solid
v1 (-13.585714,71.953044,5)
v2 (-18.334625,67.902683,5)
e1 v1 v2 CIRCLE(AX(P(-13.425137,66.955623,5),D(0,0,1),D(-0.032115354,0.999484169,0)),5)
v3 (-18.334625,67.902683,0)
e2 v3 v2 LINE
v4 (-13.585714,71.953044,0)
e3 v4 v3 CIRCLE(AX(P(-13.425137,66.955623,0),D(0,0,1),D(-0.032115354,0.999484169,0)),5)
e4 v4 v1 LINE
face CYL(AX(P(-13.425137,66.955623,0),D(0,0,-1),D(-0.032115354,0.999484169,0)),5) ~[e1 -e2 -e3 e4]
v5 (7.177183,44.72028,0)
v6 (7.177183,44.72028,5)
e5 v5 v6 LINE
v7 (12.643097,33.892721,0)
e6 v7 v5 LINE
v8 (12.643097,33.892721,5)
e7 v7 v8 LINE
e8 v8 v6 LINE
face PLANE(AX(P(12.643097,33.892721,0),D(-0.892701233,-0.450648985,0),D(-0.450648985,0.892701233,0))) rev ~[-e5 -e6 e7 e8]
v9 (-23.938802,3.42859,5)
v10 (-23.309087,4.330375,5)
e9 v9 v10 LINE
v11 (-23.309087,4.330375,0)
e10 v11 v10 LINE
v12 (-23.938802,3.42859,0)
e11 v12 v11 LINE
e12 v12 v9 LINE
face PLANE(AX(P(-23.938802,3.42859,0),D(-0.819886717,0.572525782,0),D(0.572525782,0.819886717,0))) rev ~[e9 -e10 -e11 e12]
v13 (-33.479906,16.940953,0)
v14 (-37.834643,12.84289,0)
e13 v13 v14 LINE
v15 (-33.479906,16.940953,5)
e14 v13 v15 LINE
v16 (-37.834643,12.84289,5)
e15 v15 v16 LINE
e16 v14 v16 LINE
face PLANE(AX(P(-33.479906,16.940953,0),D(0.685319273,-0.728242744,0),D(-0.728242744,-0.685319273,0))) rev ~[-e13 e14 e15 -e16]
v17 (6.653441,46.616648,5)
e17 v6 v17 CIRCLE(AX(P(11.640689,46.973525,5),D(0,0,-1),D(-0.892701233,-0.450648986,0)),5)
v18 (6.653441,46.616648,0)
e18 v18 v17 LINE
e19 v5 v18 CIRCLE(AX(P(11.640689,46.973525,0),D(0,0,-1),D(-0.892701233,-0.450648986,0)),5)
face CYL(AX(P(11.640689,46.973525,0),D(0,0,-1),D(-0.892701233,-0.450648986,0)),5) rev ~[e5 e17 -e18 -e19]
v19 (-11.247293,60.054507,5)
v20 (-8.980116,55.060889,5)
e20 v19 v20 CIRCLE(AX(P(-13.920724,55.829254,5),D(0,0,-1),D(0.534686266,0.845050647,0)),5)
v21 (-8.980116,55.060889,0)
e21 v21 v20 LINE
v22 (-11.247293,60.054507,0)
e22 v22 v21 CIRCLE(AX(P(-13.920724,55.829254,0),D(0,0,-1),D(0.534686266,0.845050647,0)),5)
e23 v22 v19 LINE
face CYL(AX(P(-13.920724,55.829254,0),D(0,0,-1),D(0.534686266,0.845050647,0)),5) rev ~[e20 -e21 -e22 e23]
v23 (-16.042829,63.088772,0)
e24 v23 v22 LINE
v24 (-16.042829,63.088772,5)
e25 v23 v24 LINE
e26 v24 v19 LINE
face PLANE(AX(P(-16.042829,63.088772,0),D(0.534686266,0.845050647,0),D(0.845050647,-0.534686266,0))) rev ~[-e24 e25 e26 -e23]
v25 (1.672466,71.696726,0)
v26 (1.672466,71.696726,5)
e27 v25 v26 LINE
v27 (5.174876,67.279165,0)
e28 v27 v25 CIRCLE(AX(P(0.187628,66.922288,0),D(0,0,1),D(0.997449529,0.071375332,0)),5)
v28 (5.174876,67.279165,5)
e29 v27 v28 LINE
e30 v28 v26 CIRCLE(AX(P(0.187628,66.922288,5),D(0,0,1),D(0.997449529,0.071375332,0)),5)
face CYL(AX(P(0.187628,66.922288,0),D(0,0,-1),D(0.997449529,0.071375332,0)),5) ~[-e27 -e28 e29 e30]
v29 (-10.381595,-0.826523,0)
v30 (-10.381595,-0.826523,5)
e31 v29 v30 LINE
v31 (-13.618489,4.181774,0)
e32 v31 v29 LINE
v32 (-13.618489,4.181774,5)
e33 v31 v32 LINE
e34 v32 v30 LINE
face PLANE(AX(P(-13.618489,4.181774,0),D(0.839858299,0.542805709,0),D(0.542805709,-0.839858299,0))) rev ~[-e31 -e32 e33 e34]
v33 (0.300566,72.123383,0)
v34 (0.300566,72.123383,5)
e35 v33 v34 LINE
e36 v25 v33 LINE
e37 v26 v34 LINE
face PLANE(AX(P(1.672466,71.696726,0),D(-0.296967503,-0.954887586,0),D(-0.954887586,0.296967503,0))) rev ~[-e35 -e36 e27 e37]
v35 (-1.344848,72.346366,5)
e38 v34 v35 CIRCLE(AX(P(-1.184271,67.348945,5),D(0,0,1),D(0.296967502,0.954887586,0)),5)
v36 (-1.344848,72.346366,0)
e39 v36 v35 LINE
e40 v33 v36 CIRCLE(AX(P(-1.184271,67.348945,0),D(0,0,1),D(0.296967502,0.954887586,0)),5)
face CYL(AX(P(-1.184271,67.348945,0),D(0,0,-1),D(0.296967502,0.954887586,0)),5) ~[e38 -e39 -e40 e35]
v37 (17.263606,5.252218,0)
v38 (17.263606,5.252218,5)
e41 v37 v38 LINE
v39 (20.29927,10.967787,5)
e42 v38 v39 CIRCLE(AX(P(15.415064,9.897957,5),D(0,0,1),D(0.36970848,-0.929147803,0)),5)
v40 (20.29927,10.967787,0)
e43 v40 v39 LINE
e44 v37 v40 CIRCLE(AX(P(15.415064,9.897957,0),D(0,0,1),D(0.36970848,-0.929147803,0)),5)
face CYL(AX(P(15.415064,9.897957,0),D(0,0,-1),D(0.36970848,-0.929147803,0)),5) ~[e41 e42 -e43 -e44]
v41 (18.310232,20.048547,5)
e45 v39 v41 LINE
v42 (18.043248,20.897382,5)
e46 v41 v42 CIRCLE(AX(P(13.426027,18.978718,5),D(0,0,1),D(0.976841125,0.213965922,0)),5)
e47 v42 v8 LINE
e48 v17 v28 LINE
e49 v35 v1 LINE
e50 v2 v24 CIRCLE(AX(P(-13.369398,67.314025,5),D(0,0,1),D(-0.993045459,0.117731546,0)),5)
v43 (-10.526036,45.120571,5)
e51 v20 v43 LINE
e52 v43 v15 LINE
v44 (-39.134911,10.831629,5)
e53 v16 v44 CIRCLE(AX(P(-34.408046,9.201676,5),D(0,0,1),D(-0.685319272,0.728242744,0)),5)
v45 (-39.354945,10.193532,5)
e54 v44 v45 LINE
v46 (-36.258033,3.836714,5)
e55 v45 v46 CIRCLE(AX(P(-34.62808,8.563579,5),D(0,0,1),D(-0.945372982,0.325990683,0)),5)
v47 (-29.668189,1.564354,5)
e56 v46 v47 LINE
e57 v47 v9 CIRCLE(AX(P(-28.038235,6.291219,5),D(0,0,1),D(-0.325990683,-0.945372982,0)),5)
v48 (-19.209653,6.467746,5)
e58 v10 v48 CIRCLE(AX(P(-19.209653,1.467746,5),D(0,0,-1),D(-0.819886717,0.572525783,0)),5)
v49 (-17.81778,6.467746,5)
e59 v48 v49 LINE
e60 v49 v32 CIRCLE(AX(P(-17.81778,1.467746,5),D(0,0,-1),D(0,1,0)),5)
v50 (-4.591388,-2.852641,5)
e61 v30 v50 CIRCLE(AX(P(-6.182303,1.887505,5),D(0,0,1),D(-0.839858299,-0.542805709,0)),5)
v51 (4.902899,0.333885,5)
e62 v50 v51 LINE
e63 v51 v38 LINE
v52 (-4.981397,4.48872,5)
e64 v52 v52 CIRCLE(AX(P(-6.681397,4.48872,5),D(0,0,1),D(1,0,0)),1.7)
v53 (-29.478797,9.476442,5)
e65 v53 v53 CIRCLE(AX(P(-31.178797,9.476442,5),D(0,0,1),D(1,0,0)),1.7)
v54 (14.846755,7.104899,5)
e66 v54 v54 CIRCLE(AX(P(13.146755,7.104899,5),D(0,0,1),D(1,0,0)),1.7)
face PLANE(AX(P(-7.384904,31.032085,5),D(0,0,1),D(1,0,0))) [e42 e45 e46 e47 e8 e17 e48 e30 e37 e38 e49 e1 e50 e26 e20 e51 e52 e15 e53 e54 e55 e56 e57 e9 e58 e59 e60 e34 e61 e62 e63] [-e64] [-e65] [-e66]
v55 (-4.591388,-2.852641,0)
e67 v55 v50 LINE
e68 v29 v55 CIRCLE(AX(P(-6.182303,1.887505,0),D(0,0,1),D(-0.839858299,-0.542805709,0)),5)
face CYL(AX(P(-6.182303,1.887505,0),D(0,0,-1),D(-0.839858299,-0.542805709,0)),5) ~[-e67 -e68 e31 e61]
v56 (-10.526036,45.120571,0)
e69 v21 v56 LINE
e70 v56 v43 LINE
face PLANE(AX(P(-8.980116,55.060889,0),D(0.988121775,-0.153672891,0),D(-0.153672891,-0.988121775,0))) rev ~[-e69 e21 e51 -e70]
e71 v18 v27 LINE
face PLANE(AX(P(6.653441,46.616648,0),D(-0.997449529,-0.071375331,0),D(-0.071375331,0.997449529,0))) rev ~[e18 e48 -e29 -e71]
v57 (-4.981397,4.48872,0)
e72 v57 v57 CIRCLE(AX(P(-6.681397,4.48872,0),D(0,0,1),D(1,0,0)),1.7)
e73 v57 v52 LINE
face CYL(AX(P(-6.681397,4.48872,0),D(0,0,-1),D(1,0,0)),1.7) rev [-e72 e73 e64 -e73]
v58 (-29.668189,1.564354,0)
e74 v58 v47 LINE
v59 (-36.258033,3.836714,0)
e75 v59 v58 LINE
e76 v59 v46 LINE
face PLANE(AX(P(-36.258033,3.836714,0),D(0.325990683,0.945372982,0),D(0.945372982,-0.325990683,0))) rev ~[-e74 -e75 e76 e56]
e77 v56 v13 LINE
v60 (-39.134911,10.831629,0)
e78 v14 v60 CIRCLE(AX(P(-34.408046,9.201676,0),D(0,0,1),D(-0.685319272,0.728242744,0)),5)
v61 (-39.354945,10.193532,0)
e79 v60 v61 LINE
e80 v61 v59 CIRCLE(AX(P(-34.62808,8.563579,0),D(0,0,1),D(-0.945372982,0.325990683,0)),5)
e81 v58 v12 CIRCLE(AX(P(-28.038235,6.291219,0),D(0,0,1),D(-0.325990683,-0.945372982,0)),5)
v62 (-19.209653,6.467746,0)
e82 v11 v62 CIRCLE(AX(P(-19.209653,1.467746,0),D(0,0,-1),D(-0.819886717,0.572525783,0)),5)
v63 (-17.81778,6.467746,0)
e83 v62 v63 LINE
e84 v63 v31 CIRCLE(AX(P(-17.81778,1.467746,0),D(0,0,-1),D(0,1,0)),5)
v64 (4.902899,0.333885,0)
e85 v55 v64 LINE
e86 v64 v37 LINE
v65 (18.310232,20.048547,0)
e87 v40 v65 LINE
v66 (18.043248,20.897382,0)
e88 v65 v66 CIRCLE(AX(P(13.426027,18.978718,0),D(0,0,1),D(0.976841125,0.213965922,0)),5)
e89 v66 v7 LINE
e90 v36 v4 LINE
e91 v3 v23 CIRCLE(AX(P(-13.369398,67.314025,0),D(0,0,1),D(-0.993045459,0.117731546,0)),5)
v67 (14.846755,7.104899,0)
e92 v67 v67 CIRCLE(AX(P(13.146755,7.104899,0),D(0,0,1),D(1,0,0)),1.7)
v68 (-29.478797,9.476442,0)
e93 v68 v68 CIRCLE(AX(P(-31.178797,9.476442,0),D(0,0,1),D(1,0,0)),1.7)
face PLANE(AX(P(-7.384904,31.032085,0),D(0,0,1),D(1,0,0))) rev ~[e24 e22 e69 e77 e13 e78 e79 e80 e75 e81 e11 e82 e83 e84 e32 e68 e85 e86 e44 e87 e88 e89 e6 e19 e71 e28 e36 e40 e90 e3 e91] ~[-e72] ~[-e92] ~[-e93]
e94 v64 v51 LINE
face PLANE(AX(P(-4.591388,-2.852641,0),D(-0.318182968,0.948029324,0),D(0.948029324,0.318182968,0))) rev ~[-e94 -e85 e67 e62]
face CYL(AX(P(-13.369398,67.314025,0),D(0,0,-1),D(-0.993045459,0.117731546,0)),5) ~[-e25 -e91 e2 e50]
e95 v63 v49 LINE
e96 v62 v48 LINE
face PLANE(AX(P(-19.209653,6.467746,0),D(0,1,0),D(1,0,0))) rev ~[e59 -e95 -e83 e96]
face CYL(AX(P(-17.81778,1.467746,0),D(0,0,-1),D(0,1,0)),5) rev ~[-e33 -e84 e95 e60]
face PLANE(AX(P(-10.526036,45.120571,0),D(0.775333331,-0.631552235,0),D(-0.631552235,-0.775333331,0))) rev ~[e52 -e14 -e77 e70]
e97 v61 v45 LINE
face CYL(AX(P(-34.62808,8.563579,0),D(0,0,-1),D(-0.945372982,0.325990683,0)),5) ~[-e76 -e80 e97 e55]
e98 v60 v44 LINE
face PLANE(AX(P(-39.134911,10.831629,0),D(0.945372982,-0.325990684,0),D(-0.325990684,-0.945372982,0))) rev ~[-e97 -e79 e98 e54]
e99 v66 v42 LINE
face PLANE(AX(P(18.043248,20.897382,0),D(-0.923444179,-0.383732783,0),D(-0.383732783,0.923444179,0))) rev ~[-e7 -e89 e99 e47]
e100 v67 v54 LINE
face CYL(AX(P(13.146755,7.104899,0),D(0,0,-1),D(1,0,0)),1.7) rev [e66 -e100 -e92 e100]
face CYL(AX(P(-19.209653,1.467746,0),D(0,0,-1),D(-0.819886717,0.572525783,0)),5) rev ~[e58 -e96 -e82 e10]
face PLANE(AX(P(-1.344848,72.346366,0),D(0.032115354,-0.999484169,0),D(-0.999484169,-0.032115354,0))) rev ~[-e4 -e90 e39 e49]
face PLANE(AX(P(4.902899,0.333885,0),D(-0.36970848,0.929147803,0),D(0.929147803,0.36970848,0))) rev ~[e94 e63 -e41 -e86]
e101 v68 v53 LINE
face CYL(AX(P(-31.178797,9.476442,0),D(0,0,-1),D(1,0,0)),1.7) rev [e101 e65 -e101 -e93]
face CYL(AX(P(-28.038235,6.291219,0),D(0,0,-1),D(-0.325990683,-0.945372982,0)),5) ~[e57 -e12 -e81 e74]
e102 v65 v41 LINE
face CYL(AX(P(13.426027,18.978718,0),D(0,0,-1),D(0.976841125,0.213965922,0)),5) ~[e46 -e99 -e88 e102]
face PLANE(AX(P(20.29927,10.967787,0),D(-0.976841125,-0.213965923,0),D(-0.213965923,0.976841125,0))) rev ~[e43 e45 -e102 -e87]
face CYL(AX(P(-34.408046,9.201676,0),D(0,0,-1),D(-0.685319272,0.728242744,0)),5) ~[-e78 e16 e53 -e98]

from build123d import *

# Parameters (mm, degrees)
SKETCH1_R           = 1.7
BOSS_EXTRUDE1_DEPTH = 5


with BuildPart() as part:
    # Sketch1 → Boss-Extrude1 (new body)
    with BuildSketch(Plane.XY):
        with BuildLine():
            ThreePointArc((-37.834642703, 12.842889611), (-38.606977712, 11.916261554), (-39.134911245, 10.831629309))
            Line((-39.134911245, 10.831629309), (-39.354944681, 10.193532345))
            ThreePointArc((-39.354944681, 10.193532345), (-39.123029117, 6.373731812), (-36.25803319, 3.83671402))
            Line((-36.25803319, 3.83671402), (-29.668188839, 1.564353899))
            ThreePointArc((-29.668188839, 1.564353899), (-26.491164954, 1.536581811), (-23.938801839, 3.428589895))
            Line((-23.938801839, 3.428589895), (-23.309086795, 4.330374611))
            ThreePointArc((-23.309086795, 4.330374611), (-21.521238753, 5.901319007), (-19.20965321, 6.467745699))
            Line((-19.20965321, 6.467745699), (-17.817780351, 6.467745699))
            ThreePointArc((-17.817780351, 6.467745699), (-15.427188658, 5.859222826), (-13.618488855, 4.181774242))
            Line((-13.618488855, 4.181774242), (-10.381594688, -0.826523177))
            ThreePointArc((-10.381594688, -0.826523177), (-7.83372555, -2.83190182), (-4.59138835, -2.852641252))
            Line((-4.59138835, -2.852641252), (4.902899214, 0.333885288))
            Line((4.902899214, 0.333885288), (17.263606315, 5.252218218))
            ThreePointArc((17.263606315, 5.252218218), (19.830876998, 7.552622541), (20.299269541, 10.967786846))
            Line((20.299269541, 10.967786846), (18.310232366, 20.048547406))
            ThreePointArc((18.310232366, 20.048547406), (18.19566052, 20.478915648), (18.043247633, 20.897381709))
            Line((18.043247633, 20.897381709), (12.643097146, 33.892720517))
            Line((12.643097146, 33.892720517), (7.177182545, 44.720280021))
            ThreePointArc((7.177182545, 44.720280021), (6.821120261, 45.642450212), (6.653441068, 46.616648291))
            Line((6.653441068, 46.616648291), (5.174876069, 67.279164767))
            ThreePointArc((5.174876069, 67.279164767), (4.105623253, 70.028623013), (1.672465938, 71.696726041))
            Line((1.672465938, 71.696726041), (0.300566202, 72.123383215))
            ThreePointArc((0.300566202, 72.123383215), (-0.512819916, 72.303655469), (-1.344848079, 72.346366128))
            Line((-1.344848079, 72.346366128), (-13.585713544, 71.953043516))
            ThreePointArc((-13.585713544, 71.953043516), (-16.669785637, 70.75986422), (-18.33462528, 67.902682661))
            ThreePointArc((-18.33462528, 67.902682661), (-17.88389808, 65.164771828), (-16.042829318, 63.088771694))
            Line((-16.042829318, 63.088771694), (-11.247293049, 60.054506954))
            ThreePointArc((-11.247293049, 60.054506954), (-9.367982736, 57.896266905), (-8.980115504, 55.060889264))
            Line((-8.980115504, 55.060889264), (-10.526035755, 45.120570864))
            Line((-10.526035755, 45.120570864), (-33.479905595, 16.940953472))
            Line((-33.479905595, 16.940953472), (-37.834642703, 12.842889611))
        make_face()
        with Locations((-31.17879703, 9.476441992)):
            Circle(SKETCH1_R, mode=Mode.SUBTRACT)
        with Locations((-6.681396598, 4.488719859)):
            Circle(SKETCH1_R, mode=Mode.SUBTRACT)
        with Locations((13.146755278, 7.104898975)):
            Circle(SKETCH1_R, mode=Mode.SUBTRACT)
    extrude(amount=BOSS_EXTRUDE1_DEPTH)


solid = part.part
